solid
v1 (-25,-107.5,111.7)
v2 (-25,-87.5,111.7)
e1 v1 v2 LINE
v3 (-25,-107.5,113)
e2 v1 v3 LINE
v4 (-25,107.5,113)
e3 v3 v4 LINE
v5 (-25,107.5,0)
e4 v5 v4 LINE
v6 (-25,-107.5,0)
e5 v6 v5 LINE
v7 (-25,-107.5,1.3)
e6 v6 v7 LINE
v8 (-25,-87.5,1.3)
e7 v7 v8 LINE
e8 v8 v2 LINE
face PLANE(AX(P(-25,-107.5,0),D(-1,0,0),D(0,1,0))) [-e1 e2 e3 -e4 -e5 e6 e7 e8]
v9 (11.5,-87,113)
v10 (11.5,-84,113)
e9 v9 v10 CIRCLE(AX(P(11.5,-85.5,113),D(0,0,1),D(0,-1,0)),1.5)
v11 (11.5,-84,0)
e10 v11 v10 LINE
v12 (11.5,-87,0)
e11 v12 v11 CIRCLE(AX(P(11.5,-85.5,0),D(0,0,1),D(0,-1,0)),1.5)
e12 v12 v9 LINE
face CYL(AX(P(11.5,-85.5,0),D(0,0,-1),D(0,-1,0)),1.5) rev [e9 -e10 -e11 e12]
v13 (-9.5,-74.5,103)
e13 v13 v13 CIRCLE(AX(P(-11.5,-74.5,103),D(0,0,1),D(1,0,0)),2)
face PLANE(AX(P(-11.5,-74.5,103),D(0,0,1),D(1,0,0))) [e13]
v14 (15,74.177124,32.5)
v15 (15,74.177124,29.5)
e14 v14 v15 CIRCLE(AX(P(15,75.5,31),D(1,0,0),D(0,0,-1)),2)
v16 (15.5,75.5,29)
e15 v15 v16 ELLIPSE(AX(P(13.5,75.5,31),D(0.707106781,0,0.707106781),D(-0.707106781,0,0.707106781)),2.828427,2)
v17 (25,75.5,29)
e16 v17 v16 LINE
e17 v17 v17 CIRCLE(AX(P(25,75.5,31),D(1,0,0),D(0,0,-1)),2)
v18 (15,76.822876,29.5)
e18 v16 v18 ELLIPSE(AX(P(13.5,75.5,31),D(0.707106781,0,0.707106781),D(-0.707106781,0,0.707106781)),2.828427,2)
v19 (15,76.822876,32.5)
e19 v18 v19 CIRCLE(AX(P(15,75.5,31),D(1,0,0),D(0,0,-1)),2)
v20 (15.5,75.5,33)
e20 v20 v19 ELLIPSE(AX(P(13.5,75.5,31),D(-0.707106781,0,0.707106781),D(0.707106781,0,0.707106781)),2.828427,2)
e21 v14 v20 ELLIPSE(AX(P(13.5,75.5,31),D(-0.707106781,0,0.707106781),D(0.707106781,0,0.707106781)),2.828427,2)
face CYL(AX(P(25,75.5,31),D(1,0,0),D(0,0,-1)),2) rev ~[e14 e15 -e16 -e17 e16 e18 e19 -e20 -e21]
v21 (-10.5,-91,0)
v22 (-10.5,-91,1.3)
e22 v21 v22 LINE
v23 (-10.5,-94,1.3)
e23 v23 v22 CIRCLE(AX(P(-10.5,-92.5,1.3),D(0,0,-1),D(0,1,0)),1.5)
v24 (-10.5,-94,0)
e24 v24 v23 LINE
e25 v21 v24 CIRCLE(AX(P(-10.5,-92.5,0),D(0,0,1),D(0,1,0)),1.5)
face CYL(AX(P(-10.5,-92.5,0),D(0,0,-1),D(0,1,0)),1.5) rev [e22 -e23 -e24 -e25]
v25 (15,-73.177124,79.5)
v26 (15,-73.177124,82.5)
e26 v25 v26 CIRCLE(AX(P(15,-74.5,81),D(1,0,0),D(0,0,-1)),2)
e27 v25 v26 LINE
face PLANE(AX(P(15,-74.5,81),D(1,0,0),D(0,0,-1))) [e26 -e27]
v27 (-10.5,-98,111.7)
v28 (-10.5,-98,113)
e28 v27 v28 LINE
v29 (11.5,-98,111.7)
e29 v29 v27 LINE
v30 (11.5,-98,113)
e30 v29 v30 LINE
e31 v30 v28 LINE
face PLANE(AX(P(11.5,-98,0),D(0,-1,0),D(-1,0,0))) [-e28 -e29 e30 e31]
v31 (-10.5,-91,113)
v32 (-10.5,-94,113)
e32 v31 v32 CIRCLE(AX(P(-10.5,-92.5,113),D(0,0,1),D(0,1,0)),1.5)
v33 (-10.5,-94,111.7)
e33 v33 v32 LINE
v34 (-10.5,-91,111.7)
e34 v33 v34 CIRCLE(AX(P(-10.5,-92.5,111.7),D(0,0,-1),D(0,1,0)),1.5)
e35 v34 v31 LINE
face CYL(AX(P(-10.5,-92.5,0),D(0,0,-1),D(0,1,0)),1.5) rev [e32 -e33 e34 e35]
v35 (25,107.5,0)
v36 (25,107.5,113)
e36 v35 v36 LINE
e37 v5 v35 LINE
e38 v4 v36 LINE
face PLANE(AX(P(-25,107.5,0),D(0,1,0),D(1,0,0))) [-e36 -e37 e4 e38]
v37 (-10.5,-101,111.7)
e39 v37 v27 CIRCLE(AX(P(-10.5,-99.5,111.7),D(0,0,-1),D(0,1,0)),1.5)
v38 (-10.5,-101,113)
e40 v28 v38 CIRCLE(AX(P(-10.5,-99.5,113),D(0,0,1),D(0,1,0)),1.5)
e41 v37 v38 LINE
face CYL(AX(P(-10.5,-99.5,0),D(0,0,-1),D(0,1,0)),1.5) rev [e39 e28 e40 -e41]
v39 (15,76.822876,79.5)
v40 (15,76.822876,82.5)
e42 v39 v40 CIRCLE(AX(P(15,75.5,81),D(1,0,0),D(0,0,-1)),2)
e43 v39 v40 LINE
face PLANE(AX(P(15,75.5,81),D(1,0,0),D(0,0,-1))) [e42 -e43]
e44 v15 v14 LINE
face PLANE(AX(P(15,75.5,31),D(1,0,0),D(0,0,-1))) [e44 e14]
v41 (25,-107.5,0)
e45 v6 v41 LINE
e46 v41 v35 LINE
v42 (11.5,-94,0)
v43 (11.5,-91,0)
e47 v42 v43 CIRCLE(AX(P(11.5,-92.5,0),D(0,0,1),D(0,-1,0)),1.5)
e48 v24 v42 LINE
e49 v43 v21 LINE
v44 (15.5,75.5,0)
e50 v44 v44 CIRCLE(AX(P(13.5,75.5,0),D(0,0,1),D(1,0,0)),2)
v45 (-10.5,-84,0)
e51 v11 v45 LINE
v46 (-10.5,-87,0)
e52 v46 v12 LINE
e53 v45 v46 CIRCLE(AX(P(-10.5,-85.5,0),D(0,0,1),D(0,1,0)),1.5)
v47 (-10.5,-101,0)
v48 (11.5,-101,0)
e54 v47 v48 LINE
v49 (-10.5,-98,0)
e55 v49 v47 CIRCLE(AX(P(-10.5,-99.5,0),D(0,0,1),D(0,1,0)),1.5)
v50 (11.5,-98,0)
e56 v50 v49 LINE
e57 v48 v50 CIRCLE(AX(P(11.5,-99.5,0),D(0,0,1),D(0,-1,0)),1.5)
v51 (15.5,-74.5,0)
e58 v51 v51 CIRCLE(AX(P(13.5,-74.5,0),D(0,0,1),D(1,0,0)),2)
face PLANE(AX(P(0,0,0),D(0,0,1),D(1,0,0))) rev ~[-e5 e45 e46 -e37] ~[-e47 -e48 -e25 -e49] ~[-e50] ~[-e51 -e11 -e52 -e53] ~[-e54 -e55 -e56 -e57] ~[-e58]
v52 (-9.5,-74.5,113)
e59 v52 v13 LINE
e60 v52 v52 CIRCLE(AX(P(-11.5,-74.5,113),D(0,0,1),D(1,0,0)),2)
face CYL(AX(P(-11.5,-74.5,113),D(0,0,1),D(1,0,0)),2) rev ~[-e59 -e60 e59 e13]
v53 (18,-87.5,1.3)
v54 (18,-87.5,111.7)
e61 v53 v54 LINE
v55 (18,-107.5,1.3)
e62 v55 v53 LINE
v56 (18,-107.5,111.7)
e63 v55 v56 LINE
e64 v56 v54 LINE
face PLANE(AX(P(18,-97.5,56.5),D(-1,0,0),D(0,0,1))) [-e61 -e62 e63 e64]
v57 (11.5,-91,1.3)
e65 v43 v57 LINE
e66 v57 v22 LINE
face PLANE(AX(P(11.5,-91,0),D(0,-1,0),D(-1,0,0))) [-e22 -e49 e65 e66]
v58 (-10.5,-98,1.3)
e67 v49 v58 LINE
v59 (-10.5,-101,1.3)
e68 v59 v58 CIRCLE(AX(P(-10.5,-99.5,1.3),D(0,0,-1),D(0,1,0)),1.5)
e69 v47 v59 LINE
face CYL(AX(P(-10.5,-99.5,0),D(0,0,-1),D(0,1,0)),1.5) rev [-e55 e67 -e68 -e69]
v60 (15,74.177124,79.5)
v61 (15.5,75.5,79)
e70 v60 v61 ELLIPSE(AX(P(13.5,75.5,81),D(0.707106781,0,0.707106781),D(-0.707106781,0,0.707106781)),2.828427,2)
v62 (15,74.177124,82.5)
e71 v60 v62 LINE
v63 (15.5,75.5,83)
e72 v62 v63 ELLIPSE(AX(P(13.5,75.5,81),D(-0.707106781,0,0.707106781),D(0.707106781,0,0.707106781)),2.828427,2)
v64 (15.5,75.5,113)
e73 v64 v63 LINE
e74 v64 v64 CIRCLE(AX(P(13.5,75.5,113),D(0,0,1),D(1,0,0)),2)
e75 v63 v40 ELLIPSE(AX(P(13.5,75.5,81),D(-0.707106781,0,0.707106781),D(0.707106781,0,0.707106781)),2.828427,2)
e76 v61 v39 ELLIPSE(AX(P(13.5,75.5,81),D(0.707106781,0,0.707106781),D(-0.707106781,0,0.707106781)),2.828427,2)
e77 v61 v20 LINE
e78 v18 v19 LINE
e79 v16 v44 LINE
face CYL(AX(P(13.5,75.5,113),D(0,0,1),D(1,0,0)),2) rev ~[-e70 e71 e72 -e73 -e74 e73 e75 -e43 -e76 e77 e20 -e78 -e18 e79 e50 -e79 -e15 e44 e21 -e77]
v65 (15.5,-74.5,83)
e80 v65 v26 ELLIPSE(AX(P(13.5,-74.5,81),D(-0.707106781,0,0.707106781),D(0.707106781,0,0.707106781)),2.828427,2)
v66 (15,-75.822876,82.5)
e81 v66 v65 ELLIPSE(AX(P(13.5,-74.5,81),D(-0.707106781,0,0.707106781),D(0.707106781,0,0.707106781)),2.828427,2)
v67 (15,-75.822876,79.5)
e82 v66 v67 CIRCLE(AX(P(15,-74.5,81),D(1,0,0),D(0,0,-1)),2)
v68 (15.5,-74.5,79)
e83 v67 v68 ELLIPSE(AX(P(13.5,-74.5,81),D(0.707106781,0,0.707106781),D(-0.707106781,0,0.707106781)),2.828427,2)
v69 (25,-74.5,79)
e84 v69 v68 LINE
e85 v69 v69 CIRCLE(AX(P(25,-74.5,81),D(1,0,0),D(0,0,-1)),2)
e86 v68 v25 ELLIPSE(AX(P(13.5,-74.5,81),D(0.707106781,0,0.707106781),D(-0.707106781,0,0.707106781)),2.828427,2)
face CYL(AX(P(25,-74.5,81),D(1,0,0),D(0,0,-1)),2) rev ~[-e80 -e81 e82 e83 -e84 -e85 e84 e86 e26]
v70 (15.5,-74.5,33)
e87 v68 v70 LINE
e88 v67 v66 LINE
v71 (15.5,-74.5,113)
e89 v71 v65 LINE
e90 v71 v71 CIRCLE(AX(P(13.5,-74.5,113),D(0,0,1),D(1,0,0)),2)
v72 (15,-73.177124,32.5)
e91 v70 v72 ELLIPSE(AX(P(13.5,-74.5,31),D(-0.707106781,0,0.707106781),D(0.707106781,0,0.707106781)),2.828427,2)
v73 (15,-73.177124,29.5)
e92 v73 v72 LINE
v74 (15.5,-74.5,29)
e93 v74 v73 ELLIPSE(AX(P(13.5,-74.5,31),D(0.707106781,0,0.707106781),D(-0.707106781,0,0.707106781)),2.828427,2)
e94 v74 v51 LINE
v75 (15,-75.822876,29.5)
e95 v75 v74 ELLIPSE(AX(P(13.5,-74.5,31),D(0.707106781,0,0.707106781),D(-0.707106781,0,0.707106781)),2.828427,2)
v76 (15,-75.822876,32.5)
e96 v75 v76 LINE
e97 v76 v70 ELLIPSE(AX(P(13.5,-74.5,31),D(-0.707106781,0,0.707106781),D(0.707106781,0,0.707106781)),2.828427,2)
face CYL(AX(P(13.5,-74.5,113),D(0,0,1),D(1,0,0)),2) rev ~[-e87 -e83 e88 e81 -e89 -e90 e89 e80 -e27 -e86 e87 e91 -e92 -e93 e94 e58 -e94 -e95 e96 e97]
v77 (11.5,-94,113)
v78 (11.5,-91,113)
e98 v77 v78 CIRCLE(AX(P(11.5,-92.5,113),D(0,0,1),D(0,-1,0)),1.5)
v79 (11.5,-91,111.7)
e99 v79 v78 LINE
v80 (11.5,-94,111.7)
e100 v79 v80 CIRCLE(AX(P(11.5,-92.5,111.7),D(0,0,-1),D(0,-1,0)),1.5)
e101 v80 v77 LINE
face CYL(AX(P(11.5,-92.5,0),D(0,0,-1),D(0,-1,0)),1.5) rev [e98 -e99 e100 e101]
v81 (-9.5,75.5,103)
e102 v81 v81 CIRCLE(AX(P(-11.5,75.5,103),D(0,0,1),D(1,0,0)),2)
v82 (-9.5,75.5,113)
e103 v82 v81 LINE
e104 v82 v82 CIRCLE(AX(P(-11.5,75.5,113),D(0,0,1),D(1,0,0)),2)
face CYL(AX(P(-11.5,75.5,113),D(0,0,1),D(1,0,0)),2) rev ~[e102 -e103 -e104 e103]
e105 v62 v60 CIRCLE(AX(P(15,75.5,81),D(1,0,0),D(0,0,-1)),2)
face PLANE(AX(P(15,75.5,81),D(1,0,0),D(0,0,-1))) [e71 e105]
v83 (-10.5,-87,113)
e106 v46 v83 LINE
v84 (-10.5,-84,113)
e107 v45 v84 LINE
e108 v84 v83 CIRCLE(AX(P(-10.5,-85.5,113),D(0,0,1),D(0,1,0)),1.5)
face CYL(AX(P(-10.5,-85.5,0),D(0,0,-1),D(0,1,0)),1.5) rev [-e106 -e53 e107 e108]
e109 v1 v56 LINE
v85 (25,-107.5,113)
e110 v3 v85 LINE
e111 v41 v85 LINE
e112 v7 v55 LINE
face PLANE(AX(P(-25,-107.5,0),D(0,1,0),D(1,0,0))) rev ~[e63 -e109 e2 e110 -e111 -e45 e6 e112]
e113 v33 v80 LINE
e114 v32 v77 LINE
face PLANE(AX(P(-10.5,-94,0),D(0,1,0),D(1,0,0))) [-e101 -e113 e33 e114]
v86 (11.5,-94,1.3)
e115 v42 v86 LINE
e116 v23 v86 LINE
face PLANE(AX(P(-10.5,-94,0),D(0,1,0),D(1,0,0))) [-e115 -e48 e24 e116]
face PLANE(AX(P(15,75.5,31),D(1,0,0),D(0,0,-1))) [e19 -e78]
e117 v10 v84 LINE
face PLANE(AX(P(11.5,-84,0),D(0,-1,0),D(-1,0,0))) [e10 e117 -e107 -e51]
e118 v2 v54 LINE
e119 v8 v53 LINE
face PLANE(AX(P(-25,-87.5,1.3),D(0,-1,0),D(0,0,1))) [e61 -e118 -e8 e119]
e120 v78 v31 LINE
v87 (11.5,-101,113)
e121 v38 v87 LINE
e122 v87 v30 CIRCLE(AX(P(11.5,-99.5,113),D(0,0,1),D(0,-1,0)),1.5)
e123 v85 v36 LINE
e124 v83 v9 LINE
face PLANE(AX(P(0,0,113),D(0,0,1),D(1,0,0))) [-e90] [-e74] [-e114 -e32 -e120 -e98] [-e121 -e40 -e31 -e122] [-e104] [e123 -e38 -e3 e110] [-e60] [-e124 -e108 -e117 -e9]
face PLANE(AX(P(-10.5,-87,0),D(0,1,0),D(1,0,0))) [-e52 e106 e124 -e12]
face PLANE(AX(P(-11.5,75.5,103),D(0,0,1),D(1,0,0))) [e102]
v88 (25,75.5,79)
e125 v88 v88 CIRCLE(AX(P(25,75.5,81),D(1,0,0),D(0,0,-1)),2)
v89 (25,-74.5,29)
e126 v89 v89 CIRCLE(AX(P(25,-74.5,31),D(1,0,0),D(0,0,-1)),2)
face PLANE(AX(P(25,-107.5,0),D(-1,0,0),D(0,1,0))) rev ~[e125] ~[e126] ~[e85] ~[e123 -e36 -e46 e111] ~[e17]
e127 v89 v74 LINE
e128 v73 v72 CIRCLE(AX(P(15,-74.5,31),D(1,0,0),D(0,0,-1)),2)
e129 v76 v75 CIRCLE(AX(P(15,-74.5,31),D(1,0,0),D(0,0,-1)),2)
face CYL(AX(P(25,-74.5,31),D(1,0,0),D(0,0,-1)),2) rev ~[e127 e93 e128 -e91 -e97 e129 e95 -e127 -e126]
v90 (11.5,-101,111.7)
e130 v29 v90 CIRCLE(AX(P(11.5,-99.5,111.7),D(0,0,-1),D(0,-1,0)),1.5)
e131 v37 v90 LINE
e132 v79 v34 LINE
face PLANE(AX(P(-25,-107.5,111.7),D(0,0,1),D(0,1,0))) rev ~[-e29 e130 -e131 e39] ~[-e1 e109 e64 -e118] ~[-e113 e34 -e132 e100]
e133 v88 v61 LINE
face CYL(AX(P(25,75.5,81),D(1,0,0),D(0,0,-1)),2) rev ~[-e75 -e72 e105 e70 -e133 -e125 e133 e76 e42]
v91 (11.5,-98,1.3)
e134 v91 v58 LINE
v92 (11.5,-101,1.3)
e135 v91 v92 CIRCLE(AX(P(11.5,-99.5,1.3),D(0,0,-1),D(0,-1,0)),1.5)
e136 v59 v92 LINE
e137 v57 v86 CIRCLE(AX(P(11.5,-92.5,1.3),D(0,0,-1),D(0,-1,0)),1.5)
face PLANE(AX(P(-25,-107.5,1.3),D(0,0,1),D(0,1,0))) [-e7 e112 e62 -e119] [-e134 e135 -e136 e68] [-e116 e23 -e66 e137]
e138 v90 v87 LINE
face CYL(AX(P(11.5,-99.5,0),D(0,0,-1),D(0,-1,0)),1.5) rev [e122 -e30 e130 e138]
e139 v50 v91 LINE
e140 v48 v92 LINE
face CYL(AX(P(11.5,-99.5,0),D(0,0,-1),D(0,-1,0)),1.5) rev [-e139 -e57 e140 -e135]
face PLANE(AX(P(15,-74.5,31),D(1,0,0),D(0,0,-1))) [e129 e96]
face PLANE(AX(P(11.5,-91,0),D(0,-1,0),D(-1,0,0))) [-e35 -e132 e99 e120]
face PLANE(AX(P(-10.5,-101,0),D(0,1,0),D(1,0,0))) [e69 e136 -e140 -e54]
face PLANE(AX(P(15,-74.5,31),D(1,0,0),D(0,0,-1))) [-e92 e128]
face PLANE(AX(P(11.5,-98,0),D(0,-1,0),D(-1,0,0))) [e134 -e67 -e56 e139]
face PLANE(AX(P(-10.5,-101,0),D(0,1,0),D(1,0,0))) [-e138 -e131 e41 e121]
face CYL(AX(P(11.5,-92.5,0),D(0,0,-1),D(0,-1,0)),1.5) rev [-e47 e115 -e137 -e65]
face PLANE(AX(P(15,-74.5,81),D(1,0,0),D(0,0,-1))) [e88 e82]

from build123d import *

# Parameters (mm, degrees)
ESBO_O1_W                = 50
ESBO_O1_H                = 215
RESSALTO_EXTRUS_O1_DEPTH = 113
CORTE_EXTRUS_O1_DEPTH    = 113
ESBO_O3_W                = 110.4
ESBO_O3_H                = 20
CORTE_EXTRUS_O2_DEPTH    = 43
ESBO_O4_R                = 2
CORTE_EXTRUS_O3_DEPTH    = 113
ESBO_O5_R                = 2
CORTE_EXTRUS_O4_DEPTH    = 10
ESBO_O6_R                = 2
CORTE_EXTRUS_O5_DEPTH    = 10


with BuildPart() as part:
    # Esboço1 → Ressalto-extrusão1 (new body)
    with BuildSketch(Plane.XY):
        Rectangle(ESBO_O1_W, ESBO_O1_H)
    extrude(amount=RESSALTO_EXTRUS_O1_DEPTH)

    # Esboço2 → Corte-extrusão1 (cut)
    with BuildSketch(Plane(origin=(0, 0, 0), x_dir=(-1, 0, 0), z_dir=(0, 0, -1))):
        with BuildLine():
            Line((-11.5, -98), (10.5, -98))
            ThreePointArc((10.5, -98), (12, -99.5), (10.5, -101))
            Line((10.5, -101), (-11.5, -101))
            ThreePointArc((-11.5, -101), (-13, -99.5), (-11.5, -98))
        make_face()
        with BuildLine():
            Line((-11.5, -91), (10.5, -91))
            ThreePointArc((10.5, -91), (12, -92.5), (10.5, -94))
            Line((10.5, -94), (-11.5, -94))
            ThreePointArc((-11.5, -94), (-13, -92.5), (-11.5, -91))
        make_face()
        with BuildLine():
            Line((-11.5, -84), (10.5, -84))
            ThreePointArc((10.5, -84), (12, -85.5), (10.5, -87))
            Line((10.5, -87), (-11.5, -87))
            ThreePointArc((-11.5, -87), (-13, -85.5), (-11.5, -84))
        make_face()
    extrude(amount=-CORTE_EXTRUS_O1_DEPTH, mode=Mode.SUBTRACT)

    # Esboço3 → Corte-extrusão2 (cut)
    with BuildSketch(Plane.ZY.offset(25)):
        with Locations((56.5, -97.5)):
            Rectangle(ESBO_O3_W, ESBO_O3_H)
    extrude(amount=-CORTE_EXTRUS_O2_DEPTH, mode=Mode.SUBTRACT)

    # Esboço4 → Corte-extrusão3 (cut)
    with BuildSketch(Plane.XY.offset(113)):
        with Locations((13.5, -74.5)):
            Circle(ESBO_O4_R)
        with Locations((13.5, 75.5)):
            Circle(ESBO_O4_R)
    extrude(amount=-CORTE_EXTRUS_O3_DEPTH, mode=Mode.SUBTRACT)

    # Esboço5 → Corte-extrusão4 (cut)
    with BuildSketch(Plane.XY.offset(113)):
        with Locations((-11.5, 75.5)):
            Circle(ESBO_O5_R)
        with Locations((-11.5, -74.5)):
            Circle(ESBO_O5_R)
    extrude(amount=-CORTE_EXTRUS_O4_DEPTH, mode=Mode.SUBTRACT)

    # Esboço6 → Corte-extrusão5 (cut)
    with BuildSketch(Plane(origin=(25, 0, 0), x_dir=(0, 0, -1), z_dir=(1, 0, 0))):
        with Locations((-31, -74.5)):
            Circle(ESBO_O6_R)
        with Locations((-81, -74.5)):
            Circle(ESBO_O6_R)
        with Locations((-31, 75.5)):
            Circle(ESBO_O6_R)
        with Locations((-81, 75.5)):
            Circle(ESBO_O6_R)
    extrude(amount=-CORTE_EXTRUS_O5_DEPTH, mode=Mode.SUBTRACT)


solid = part.part
